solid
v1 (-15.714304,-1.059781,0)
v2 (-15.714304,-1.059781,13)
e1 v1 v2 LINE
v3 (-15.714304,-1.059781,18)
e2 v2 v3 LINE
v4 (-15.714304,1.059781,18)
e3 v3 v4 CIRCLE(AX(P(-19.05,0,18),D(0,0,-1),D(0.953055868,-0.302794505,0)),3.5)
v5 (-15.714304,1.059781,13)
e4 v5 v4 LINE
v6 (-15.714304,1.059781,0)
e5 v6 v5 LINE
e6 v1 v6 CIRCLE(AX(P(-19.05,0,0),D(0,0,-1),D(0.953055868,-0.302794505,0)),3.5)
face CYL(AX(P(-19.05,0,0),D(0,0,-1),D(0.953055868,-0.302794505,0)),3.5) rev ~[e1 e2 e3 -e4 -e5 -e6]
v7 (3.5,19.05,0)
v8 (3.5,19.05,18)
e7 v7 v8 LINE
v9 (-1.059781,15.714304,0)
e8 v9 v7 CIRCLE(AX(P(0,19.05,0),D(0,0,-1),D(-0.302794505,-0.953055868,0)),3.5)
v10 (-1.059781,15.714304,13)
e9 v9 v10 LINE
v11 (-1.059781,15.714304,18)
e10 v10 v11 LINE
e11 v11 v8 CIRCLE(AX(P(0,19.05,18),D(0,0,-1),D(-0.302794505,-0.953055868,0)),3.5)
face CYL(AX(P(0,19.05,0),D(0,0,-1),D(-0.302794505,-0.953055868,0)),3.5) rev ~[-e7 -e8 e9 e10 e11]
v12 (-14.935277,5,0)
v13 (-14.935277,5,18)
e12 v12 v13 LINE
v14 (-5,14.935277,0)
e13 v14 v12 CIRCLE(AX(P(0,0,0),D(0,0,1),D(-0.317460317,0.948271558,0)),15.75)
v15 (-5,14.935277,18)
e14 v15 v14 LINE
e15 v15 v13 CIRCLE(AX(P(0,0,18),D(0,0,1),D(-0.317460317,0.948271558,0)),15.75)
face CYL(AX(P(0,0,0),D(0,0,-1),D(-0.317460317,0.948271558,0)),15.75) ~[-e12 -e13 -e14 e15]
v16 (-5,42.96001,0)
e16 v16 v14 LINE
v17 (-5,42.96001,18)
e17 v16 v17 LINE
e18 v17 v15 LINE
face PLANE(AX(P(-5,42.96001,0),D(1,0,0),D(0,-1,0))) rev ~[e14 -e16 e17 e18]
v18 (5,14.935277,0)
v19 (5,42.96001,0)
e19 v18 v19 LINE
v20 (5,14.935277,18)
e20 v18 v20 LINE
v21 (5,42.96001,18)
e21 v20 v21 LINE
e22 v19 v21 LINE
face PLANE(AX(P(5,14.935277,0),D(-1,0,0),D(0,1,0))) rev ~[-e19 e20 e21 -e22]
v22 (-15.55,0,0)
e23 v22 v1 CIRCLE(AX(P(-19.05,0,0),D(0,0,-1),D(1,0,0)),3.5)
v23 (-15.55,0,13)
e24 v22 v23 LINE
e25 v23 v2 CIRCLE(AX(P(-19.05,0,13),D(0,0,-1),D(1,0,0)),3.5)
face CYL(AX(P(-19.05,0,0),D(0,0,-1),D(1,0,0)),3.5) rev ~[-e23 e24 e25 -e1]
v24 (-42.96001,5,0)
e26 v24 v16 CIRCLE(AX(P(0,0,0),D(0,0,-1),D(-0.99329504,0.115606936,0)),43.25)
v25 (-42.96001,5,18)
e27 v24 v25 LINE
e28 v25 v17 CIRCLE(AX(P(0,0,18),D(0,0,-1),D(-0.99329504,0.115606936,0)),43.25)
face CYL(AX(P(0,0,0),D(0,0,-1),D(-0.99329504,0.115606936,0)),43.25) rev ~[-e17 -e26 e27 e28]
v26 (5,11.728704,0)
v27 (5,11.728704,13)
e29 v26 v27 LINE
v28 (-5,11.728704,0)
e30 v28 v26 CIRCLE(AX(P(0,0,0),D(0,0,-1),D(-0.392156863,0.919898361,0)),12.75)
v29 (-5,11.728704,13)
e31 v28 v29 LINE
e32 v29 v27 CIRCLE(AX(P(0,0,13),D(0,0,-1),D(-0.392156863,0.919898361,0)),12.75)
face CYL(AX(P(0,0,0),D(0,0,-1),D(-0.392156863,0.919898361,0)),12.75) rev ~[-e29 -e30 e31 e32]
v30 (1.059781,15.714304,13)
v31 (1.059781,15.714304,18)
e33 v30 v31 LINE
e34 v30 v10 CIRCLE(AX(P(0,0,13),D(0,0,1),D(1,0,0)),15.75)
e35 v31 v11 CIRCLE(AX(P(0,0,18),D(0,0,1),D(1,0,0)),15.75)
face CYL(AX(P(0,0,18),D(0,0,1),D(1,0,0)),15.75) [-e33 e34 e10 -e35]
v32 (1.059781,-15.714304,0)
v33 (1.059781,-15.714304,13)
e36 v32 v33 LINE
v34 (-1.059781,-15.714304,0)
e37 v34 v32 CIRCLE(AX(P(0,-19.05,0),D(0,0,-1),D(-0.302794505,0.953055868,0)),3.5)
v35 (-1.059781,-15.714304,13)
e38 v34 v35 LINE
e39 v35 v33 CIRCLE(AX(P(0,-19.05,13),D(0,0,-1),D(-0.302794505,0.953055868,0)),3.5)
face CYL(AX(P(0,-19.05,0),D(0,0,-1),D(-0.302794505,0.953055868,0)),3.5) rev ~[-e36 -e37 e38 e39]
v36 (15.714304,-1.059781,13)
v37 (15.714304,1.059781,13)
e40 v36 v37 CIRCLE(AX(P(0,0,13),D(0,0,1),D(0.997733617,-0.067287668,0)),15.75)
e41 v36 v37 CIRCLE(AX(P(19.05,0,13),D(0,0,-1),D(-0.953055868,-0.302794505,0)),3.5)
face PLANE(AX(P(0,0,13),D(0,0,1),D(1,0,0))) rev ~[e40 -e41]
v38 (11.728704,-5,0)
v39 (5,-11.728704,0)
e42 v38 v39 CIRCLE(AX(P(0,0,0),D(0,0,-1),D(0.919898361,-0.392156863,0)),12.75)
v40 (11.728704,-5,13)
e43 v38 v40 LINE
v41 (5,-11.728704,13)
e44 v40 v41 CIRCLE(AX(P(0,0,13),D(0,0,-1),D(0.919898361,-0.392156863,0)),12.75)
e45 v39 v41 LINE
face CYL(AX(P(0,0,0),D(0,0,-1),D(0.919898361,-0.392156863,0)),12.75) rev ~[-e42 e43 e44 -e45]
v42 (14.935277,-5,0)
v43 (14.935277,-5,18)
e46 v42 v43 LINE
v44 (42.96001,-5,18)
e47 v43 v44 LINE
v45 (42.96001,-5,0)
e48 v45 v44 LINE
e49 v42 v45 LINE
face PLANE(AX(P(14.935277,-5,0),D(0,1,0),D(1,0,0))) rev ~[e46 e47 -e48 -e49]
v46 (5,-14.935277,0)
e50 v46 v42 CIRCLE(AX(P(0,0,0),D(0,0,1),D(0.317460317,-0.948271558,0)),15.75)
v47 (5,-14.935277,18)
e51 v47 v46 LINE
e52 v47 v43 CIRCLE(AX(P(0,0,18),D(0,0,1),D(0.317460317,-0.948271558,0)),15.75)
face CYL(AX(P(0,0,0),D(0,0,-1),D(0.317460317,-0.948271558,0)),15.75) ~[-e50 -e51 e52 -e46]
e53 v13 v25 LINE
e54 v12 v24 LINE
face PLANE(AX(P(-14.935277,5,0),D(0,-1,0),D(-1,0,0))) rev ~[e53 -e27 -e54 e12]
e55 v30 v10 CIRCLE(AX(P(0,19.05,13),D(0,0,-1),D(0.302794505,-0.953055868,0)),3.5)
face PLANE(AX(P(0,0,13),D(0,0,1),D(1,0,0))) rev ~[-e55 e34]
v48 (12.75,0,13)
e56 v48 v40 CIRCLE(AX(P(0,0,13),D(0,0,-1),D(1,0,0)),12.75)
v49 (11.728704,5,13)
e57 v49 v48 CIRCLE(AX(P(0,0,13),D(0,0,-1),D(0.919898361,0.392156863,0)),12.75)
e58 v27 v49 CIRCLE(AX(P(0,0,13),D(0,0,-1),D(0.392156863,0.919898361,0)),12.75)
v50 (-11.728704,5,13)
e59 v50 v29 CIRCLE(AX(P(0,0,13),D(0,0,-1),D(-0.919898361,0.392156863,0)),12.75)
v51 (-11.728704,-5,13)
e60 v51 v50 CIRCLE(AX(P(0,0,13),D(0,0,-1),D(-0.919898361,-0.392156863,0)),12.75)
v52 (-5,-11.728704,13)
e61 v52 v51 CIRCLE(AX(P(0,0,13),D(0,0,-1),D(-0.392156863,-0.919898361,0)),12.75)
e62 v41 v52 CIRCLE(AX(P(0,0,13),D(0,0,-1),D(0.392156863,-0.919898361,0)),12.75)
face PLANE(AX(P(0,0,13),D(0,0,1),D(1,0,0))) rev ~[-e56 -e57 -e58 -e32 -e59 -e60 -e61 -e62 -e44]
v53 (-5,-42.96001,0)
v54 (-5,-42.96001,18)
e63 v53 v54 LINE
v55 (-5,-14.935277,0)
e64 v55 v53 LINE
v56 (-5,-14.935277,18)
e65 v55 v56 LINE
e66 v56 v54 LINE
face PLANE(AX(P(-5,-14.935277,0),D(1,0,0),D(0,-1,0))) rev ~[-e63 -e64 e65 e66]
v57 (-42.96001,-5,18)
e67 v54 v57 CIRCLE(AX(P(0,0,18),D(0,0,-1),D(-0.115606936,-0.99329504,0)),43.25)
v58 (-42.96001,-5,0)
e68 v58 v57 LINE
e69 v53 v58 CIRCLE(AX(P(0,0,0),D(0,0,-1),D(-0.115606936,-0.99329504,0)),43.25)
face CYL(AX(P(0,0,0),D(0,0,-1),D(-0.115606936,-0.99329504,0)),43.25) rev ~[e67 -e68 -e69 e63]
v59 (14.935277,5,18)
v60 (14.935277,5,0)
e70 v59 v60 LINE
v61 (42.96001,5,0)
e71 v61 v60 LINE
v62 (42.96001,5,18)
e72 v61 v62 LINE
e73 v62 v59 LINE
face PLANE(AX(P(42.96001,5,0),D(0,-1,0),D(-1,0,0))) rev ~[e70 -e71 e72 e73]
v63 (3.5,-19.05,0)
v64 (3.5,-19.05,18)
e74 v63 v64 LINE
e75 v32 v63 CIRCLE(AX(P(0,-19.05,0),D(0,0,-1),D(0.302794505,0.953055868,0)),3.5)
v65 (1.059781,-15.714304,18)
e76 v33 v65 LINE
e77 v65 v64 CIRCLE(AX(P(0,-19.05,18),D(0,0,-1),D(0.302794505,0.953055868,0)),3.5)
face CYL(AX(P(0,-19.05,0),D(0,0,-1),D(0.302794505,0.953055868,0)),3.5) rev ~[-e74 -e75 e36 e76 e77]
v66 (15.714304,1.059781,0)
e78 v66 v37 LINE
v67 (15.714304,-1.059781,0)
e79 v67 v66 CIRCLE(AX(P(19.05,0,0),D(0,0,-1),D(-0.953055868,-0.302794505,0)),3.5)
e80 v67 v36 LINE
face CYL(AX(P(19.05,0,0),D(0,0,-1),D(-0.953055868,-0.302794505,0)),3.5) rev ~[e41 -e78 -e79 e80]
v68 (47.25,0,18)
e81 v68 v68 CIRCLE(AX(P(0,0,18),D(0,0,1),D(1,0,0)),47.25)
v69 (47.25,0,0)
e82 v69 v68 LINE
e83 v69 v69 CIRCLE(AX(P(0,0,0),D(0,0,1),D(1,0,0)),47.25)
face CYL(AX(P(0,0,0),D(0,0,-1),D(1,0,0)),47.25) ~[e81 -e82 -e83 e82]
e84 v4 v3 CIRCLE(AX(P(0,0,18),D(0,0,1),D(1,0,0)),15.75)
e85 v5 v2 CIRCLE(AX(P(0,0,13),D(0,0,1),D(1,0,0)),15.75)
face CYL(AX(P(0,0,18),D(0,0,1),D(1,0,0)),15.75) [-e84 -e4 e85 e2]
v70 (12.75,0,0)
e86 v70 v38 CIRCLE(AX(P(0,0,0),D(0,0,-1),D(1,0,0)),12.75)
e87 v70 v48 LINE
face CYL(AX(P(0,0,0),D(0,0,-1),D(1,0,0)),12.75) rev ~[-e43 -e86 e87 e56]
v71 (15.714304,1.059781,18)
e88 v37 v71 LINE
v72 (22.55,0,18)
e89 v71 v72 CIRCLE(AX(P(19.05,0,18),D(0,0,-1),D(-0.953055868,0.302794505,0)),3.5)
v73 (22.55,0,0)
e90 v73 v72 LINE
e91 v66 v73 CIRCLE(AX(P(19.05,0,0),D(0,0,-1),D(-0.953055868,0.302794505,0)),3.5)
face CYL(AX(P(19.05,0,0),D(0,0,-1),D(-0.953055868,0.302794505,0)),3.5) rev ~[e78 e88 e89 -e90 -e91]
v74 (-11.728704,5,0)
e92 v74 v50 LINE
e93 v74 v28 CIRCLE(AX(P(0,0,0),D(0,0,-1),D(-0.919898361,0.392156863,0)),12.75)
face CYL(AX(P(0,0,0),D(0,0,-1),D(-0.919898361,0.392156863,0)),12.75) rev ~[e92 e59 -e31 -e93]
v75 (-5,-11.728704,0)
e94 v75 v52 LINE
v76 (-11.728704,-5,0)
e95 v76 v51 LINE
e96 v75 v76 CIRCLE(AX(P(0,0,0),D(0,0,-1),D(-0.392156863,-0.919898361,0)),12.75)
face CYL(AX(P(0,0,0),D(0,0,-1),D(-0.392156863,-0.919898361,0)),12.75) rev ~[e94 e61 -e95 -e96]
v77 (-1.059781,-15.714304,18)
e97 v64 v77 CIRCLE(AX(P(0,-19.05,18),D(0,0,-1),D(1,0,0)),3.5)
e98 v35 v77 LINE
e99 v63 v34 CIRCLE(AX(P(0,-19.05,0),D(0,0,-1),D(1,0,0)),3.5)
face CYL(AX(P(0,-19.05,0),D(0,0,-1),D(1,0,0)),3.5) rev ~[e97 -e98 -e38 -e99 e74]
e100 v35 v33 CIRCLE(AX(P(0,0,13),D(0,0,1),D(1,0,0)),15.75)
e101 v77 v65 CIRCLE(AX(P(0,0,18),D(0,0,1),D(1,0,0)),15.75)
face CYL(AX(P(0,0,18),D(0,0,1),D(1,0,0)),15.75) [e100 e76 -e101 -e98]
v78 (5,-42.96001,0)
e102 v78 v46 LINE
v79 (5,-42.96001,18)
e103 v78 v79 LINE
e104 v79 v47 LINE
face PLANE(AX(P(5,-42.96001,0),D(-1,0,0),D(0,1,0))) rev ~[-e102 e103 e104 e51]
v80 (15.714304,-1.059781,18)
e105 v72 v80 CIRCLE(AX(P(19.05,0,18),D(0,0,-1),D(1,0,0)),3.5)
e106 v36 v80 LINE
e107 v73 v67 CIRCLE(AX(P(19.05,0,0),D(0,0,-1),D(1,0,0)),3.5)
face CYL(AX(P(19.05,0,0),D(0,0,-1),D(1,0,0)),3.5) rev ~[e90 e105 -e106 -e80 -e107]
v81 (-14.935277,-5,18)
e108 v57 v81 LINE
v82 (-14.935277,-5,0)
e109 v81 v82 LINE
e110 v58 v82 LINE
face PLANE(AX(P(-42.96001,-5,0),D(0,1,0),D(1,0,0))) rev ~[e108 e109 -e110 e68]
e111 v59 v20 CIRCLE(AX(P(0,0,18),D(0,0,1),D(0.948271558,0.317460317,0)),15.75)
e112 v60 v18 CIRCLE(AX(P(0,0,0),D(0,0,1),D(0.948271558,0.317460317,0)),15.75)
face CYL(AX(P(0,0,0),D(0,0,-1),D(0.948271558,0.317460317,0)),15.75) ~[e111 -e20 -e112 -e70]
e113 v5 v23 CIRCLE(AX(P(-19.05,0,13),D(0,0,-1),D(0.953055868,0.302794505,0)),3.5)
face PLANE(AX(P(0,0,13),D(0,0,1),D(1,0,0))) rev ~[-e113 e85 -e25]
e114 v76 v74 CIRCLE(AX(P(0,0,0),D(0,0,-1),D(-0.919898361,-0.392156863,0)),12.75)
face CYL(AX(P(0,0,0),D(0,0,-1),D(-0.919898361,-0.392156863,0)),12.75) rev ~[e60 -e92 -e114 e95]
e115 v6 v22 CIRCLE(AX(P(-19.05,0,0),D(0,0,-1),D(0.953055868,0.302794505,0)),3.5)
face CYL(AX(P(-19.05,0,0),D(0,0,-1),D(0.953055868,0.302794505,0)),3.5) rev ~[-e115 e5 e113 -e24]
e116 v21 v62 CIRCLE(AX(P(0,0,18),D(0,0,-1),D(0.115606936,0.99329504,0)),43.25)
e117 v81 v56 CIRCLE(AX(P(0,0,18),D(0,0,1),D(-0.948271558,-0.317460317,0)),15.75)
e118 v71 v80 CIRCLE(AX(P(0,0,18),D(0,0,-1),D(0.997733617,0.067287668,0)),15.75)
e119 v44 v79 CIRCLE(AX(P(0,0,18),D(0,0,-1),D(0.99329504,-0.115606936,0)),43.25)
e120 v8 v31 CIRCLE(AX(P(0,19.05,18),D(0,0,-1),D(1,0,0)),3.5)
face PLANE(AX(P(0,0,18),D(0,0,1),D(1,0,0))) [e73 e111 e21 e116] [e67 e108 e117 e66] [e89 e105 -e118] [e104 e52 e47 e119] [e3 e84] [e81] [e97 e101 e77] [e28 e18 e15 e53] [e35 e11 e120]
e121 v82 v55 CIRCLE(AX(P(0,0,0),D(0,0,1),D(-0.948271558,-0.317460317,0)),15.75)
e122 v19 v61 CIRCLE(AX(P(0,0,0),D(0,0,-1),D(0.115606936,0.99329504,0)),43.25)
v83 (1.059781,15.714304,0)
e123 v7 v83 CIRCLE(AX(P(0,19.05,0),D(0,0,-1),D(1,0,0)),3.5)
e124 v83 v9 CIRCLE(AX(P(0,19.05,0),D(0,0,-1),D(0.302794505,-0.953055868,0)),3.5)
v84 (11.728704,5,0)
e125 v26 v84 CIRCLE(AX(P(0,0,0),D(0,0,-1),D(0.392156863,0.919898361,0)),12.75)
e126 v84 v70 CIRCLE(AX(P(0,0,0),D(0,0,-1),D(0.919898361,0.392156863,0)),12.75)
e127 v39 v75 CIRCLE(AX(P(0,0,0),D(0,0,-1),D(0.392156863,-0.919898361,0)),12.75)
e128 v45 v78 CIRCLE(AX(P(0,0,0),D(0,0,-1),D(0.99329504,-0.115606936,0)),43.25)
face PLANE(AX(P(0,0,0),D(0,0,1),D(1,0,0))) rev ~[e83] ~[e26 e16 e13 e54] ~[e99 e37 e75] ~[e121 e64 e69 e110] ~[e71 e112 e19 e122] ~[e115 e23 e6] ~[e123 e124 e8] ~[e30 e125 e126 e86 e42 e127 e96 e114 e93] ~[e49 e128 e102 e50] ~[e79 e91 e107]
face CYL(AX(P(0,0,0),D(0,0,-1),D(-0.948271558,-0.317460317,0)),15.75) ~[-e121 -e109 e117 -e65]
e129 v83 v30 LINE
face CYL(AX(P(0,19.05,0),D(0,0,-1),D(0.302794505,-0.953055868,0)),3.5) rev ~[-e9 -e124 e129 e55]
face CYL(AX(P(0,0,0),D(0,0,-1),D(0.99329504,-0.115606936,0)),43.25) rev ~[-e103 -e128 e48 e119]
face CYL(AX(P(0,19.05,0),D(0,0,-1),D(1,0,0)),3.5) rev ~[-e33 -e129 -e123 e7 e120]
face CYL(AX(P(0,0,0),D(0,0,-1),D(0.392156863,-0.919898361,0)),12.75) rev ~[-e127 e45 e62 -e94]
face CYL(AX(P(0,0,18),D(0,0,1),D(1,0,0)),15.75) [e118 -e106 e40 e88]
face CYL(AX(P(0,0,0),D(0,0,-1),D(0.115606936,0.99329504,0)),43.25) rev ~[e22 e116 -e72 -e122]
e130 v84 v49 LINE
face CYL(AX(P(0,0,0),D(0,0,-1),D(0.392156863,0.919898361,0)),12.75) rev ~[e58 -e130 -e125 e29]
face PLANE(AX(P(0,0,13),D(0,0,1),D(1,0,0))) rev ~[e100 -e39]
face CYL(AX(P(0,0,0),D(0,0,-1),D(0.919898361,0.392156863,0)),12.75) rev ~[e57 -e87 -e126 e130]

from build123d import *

# Parameters (mm, degrees)
F0_R     = 47.25
F1_DEPTH = 18
F2_R     = 15.75
F3_DEPTH = 5


with BuildPart() as f1:
    # F0 (on Top) → F1 (new body)
    with BuildSketch(Plane.XY):
        Circle(F0_R)
        with BuildLine():
            ThreePointArc((5, 42.9600104749), (30.5823682863, 30.5823682863), (42.9600104749, 5))
            ThreePointArc((42.9600104749, 5), (43.1774417551, 2.5042011663), (43.25, 0))
            ThreePointArc((43.25, 0), (43.1774417551, -2.5042011663), (42.9600104749, -5))
            ThreePointArc((42.9600104749, -5), (30.5823682863, -30.5823682863), (5, -42.9600104749))
            ThreePointArc((5, -42.9600104749), (0, -43.25), (-5, -42.9600104749))
            ThreePointArc((-5, -42.9600104749), (-30.5823682863, -30.5823682863), (-42.9600104749, -5))
            ThreePointArc((-42.9600104749, -5), (-43.25, 0), (-42.9600104749, 5))
            ThreePointArc((-42.9600104749, 5), (-30.5823682863, 30.5823682863), (-5, 42.9600104749))
            ThreePointArc((-5, 42.9600104749), (0, 43.25), (5, 42.9600104749))
        make_face(mode=Mode.SUBTRACT)
        with BuildLine():
            Line((42.9600104749, 5), (14.9352770312, 5))
            ThreePointArc((14.9352770312, 5), (15.4509075243, 3.0548251464), (15.7143044619, 1.0597807685))
            ThreePointArc((15.7143044619, 1.0597807685), (19.5862208579, 3.4586799782), (22.55, 0))
            ThreePointArc((22.55, 0), (19.5862208579, -3.4586799782), (15.7143044619, -1.0597807685))
            ThreePointArc((15.7143044619, -1.0597807685), (15.4509075243, -3.0548251464), (14.9352770312, -5))
            Line((14.9352770312, -5), (42.9600104749, -5))
            ThreePointArc((42.9600104749, -5), (43.1774417551, -2.5042011663), (43.25, 0))
            ThreePointArc((43.25, 0), (43.1774417551, 2.5042011663), (42.9600104749, 5))
        make_face()
        with BuildLine():
            ThreePointArc((-15.7143044619, 1.0597807685), (-15.4509075243, 3.0548251464), (-14.9352770312, 5))
            Line((-14.9352770312, 5), (-42.9600104749, 5))
            ThreePointArc((-42.9600104749, 5), (-43.25, 0), (-42.9600104749, -5))
            Line((-42.9600104749, -5), (-14.9352770312, -5))
            ThreePointArc((-14.9352770312, -5), (-15.4509075243, -3.0548251464), (-15.7143044619, -1.0597807685))
            ThreePointArc((-15.7143044619, -1.0597807685), (-22.55, 0), (-15.7143044619, 1.0597807685))
        make_face()
        with BuildLine():
            ThreePointArc((1.0597807685, 15.7143044619), (3.0548251464, 15.4509075243), (5, 14.9352770312))
            Line((5, 14.9352770312), (5, 42.9600104749))
            ThreePointArc((5, 42.9600104749), (0, 43.25), (-5, 42.9600104749))
            Line((-5, 42.9600104749), (-5, 14.9352770312))
            ThreePointArc((-5, 14.9352770312), (-3.0548251464, 15.4509075243), (-1.0597807685, 15.7143044619))
            ThreePointArc((-1.0597807685, 15.7143044619), (-2.0664906617, 21.8748214713), (3.5, 19.05))
            ThreePointArc((3.5, 19.05), (2.8248214713, 16.9835093383), (1.0597807685, 15.7143044619))
        make_face()
        with BuildLine():
            Line((5, -42.9600104749), (5, -14.9352770312))
            ThreePointArc((5, -14.9352770312), (3.0548251464, -15.4509075243), (1.0597807685, -15.7143044619))
            ThreePointArc((1.0597807685, -15.7143044619), (2.8248214713, -16.9835093383), (3.5, -19.05))
            ThreePointArc((3.5, -19.05), (-2.0664906617, -21.8748214713), (-1.0597807685, -15.7143044619))
            ThreePointArc((-1.0597807685, -15.7143044619), (-3.0548251464, -15.4509075243), (-5, -14.9352770312))
            Line((-5, -14.9352770312), (-5, -42.9600104749))
            ThreePointArc((-5, -42.9600104749), (0, -43.25), (5, -42.9600104749))
        make_face()
        with BuildLine():
            Line((-5, -14.9352770312), (-5, -11.7287041057))
            ThreePointArc((-5, -11.7287041057), (-9.0156114601, -9.0156114601), (-11.7287041057, -5))
            Line((-11.7287041057, -5), (-14.9352770312, -5))
            ThreePointArc((-14.9352770312, -5), (-11.1369318037, -11.1369318037), (-5, -14.9352770312))
        make_face()
        with BuildLine():
            Line((14.9352770312, -5), (11.7287041057, -5))
            ThreePointArc((11.7287041057, -5), (9.0156114601, -9.0156114601), (5, -11.7287041057))
            Line((5, -11.7287041057), (5, -14.9352770312))
            ThreePointArc((5, -14.9352770312), (11.1369318037, -11.1369318037), (14.9352770312, -5))
        make_face()
        with BuildLine():
            ThreePointArc((5, 11.7287041057), (9.0156114601, 9.0156114601), (11.7287041057, 5))
            Line((11.7287041057, 5), (14.9352770312, 5))
            ThreePointArc((14.9352770312, 5), (11.1369318037, 11.1369318037), (5, 14.9352770312))
            Line((5, 14.9352770312), (5, 11.7287041057))
        make_face()
        with BuildLine():
            ThreePointArc((-11.7287041057, 5), (-9.0156114601, 9.0156114601), (-5, 11.7287041057))
            Line((-5, 11.7287041057), (-5, 14.9352770312))
            ThreePointArc((-5, 14.9352770312), (-11.1369318037, 11.1369318037), (-14.9352770312, 5))
            Line((-14.9352770312, 5), (-11.7287041057, 5))
        make_face()
        with BuildLine():
            ThreePointArc((-5, 11.7287041057), (0, 12.75), (5, 11.7287041057))
            Line((5, 11.7287041057), (5, 14.9352770312))
            ThreePointArc((5, 14.9352770312), (3.0548251464, 15.4509075243), (1.0597807685, 15.7143044619))
            ThreePointArc((1.0597807685, 15.7143044619), (0, 15.55), (-1.0597807685, 15.7143044619))
            ThreePointArc((-1.0597807685, 15.7143044619), (-3.0548251464, 15.4509075243), (-5, 14.9352770312))
            Line((-5, 14.9352770312), (-5, 11.7287041057))
        make_face()
        with BuildLine():
            ThreePointArc((11.7287041057, 5), (12.4920670297, 2.5516193536), (12.75, 0))
            ThreePointArc((12.75, 0), (12.4920670297, -2.5516193536), (11.7287041057, -5))
            Line((11.7287041057, -5), (14.9352770312, -5))
            ThreePointArc((14.9352770312, -5), (15.4509075243, -3.0548251464), (15.7143044619, -1.0597807685))
            ThreePointArc((15.7143044619, -1.0597807685), (15.55, 0), (15.7143044619, 1.0597807685))
            ThreePointArc((15.7143044619, 1.0597807685), (15.4509075243, 3.0548251464), (14.9352770312, 5))
            Line((14.9352770312, 5), (11.7287041057, 5))
        make_face()
        with BuildLine():
            ThreePointArc((-11.7287041057, -5), (-12.75, 0), (-11.7287041057, 5))
            Line((-11.7287041057, 5), (-14.9352770312, 5))
            ThreePointArc((-14.9352770312, 5), (-15.4509075243, 3.0548251464), (-15.7143044619, 1.0597807685))
            ThreePointArc((-15.7143044619, 1.0597807685), (-15.5913200218, 0.5362208579), (-15.55, 0))
            ThreePointArc((-15.55, 0), (-15.5913200218, -0.5362208579), (-15.7143044619, -1.0597807685))
            ThreePointArc((-15.7143044619, -1.0597807685), (-15.4509075243, -3.0548251464), (-14.9352770312, -5))
            Line((-14.9352770312, -5), (-11.7287041057, -5))
        make_face()
        with BuildLine():
            Line((5, -14.9352770312), (5, -11.7287041057))
            ThreePointArc((5, -11.7287041057), (0, -12.75), (-5, -11.7287041057))
            Line((-5, -11.7287041057), (-5, -14.9352770312))
            ThreePointArc((-5, -14.9352770312), (-3.0548251464, -15.4509075243), (-1.0597807685, -15.7143044619))
            ThreePointArc((-1.0597807685, -15.7143044619), (0, -15.55), (1.0597807685, -15.7143044619))
            ThreePointArc((1.0597807685, -15.7143044619), (3.0548251464, -15.4509075243), (5, -14.9352770312))
        make_face()
    extrude(amount=F1_DEPTH)

    # F2 (on face) → F3 (join)
    with BuildSketch(Plane.XY.offset(18)):
        Circle(F2_R)
    extrude(amount=-F3_DEPTH)


solid = f1.part
